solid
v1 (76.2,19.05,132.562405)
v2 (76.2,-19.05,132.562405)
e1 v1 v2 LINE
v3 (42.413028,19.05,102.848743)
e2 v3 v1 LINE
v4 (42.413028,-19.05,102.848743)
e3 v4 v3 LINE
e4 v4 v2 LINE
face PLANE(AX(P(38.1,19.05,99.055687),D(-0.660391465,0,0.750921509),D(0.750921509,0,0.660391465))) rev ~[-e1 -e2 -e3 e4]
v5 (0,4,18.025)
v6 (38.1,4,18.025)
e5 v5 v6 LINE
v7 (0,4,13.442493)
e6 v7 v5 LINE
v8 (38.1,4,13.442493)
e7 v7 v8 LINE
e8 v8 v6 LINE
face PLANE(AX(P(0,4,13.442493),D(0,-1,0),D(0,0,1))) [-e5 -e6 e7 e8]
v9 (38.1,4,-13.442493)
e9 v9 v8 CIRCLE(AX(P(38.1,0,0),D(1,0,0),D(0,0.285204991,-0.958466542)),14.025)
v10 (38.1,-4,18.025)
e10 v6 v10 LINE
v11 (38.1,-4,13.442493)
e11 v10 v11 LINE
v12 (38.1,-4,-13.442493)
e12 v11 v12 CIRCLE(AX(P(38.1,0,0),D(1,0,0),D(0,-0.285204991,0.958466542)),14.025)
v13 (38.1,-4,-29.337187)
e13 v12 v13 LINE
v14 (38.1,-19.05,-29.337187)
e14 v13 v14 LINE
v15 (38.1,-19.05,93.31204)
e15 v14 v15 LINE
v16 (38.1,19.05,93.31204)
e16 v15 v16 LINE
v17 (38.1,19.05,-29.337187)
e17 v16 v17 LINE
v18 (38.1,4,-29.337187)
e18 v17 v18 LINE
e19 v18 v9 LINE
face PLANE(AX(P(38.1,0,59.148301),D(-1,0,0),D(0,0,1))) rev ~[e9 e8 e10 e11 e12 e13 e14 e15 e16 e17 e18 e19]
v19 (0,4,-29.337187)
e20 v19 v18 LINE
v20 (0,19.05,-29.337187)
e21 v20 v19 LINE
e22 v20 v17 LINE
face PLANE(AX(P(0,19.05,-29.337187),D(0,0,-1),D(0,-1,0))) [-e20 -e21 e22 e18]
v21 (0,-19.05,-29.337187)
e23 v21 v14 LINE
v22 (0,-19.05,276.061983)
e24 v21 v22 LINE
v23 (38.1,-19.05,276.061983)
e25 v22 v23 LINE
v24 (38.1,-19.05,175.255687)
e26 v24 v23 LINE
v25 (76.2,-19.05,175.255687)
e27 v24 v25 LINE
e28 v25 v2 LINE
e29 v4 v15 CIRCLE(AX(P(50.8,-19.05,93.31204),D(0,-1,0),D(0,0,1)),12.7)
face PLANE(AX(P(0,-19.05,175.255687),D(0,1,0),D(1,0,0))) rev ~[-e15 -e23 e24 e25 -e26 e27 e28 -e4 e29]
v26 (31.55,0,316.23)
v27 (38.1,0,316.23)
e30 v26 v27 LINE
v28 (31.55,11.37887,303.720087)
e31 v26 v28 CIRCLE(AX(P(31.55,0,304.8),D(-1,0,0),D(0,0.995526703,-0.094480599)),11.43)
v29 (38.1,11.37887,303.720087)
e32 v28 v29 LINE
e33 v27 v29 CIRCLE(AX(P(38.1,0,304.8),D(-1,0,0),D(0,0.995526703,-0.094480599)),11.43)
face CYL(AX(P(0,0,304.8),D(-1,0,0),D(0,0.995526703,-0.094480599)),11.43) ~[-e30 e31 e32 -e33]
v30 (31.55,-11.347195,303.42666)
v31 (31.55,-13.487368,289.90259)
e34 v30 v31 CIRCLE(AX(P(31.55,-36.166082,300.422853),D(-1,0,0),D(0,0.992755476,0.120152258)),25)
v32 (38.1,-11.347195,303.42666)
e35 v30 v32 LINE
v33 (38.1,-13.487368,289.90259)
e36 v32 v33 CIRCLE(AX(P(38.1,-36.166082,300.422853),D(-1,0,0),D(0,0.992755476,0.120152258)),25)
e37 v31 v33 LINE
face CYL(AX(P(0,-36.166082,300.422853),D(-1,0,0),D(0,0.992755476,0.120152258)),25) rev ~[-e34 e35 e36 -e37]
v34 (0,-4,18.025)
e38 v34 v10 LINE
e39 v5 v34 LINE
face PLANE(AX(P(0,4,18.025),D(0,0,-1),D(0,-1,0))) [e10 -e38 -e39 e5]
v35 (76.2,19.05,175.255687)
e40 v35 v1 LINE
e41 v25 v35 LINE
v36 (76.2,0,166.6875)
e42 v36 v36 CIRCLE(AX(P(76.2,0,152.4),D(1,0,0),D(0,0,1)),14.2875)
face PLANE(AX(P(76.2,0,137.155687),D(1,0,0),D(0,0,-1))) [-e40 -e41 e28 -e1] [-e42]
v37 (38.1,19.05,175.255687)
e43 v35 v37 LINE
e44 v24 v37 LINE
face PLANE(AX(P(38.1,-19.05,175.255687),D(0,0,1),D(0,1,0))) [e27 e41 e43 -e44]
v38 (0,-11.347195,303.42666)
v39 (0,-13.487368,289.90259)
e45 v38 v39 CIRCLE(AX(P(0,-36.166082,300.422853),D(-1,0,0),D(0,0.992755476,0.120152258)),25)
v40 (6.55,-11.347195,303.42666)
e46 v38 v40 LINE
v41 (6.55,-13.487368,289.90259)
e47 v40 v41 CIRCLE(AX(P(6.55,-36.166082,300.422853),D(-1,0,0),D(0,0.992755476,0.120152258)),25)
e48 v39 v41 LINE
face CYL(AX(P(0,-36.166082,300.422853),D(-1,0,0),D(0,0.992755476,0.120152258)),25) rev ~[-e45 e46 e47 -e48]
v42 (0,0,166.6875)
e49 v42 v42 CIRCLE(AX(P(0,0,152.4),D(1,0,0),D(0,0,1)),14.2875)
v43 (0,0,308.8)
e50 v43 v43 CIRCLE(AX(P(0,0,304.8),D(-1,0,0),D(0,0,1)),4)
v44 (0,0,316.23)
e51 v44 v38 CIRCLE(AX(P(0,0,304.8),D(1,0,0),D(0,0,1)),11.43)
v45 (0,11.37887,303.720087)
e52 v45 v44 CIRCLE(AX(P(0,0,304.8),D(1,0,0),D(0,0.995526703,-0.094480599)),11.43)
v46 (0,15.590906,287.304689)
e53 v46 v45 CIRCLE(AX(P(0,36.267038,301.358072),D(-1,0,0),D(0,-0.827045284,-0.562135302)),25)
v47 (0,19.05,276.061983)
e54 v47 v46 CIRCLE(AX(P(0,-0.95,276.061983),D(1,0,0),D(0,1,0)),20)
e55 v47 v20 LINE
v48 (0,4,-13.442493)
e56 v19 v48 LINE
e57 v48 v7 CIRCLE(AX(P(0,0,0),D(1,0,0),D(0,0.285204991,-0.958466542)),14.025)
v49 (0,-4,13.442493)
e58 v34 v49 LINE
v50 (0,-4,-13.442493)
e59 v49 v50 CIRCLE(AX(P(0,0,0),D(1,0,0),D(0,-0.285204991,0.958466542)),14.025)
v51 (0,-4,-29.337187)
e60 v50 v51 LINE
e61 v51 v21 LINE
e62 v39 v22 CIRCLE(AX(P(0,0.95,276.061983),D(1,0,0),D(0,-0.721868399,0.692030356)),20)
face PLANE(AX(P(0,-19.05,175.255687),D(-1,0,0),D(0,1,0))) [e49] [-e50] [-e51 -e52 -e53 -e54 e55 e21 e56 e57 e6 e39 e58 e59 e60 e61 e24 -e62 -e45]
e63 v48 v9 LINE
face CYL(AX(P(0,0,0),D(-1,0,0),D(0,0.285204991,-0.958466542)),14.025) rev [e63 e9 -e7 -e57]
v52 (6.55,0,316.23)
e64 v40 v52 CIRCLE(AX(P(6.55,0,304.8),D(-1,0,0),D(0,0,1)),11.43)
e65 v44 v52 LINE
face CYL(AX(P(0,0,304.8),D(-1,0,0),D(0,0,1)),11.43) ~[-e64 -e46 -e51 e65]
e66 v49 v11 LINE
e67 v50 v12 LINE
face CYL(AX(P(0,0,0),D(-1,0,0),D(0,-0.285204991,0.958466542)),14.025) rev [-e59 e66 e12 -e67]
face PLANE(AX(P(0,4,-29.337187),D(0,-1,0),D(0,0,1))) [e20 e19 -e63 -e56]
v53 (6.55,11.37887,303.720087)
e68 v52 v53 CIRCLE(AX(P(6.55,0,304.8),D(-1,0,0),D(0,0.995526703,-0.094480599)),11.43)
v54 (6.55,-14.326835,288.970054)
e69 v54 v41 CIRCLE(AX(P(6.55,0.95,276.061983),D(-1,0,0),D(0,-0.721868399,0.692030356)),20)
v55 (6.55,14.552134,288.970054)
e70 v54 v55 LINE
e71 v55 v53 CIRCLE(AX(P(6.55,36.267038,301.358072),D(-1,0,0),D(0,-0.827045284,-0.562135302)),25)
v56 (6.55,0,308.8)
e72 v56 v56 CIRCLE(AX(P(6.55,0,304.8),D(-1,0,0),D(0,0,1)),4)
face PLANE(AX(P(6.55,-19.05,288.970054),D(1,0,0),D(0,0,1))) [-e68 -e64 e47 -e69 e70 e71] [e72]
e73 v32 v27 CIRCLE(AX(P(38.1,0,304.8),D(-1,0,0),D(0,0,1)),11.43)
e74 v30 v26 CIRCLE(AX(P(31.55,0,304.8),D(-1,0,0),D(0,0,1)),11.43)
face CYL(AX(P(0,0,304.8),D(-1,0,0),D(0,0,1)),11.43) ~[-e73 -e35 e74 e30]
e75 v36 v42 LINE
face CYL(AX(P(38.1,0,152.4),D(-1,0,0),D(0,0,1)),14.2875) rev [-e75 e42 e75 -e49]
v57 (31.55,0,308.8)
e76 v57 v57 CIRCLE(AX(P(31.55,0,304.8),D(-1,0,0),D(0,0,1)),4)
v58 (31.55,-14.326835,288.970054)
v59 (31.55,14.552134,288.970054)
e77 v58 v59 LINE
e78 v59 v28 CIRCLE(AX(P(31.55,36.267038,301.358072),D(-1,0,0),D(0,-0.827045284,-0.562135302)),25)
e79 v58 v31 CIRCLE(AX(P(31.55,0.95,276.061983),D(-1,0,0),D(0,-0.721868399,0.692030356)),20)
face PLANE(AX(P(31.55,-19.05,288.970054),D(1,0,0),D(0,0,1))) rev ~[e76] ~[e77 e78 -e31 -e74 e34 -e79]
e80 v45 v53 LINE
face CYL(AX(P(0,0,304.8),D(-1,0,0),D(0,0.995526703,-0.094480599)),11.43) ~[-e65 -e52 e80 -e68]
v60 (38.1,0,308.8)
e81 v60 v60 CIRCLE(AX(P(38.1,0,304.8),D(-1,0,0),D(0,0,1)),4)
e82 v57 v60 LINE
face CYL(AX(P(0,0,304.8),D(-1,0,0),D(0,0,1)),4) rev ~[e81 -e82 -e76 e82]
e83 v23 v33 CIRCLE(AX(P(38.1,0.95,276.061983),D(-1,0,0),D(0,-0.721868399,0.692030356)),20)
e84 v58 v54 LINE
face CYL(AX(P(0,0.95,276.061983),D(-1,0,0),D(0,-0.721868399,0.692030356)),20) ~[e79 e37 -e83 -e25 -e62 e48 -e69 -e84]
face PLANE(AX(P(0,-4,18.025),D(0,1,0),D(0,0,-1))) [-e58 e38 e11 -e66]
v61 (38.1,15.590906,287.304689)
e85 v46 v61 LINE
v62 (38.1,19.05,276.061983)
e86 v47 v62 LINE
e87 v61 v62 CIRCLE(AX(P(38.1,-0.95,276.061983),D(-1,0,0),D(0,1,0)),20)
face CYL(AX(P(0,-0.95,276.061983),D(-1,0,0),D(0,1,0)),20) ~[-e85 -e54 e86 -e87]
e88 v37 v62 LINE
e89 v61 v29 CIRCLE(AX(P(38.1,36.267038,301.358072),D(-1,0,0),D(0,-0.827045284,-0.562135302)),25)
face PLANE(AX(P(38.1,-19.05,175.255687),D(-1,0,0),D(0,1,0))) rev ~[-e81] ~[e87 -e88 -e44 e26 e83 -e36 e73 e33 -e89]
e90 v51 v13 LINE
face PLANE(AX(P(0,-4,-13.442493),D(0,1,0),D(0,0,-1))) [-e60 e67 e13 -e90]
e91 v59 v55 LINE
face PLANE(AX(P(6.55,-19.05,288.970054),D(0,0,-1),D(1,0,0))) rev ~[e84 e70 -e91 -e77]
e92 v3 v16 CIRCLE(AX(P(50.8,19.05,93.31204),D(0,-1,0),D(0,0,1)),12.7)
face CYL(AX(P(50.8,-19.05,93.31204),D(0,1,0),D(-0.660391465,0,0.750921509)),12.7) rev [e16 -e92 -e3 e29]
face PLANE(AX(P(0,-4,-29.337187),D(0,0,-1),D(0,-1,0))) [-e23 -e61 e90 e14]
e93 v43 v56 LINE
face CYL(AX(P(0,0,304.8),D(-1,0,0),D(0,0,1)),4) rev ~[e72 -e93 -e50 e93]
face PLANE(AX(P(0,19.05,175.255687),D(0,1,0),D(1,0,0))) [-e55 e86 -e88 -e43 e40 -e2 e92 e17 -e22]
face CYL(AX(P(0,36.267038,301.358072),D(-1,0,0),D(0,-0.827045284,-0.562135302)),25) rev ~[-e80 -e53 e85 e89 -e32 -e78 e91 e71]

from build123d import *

# Parameters (mm, degrees)
SKETCH1_R           = 14.2875
BOSS_EXTRUDE1_DEPTH = 38.1
SKETCH2_W           = 76.2
SKETCH2_H           = 38.1
SKETCH2_R           = 14.2875
BOSS_EXTRUDE2_DEPTH = 38.1
CUT_EXTRUDE1_DEPTH  = 38.1
FILLET1_R           = 12.7
SKETCH4_W           = 38.1
SKETCH4_H           = 38.1
BOSS_EXTRUDE3_DEPTH = 152.4
SKETCH5_R           = 4
CUT_EXTRUDE2_DEPTH  = 152.4
SKETCH6_W           = 25
SKETCH6_H           = 54.519891076
CUT_EXTRUDE3_DEPTH  = 152.4


with BuildPart() as part:
    # Sketch1 → Boss-Extrude1 (new body)
    with BuildSketch(Plane(origin=(0, 0, 0), x_dir=(0, 0, -1), z_dir=(1, 0, 0))):
        with BuildLine():
            Line((29.337186502, -19.05), (-175.255687154, -19.05))
            Line((-175.255687154, -19.05), (-175.255687154, 19.05))
            Line((-175.255687154, 19.05), (29.337186502, 19.05))
            Line((29.337186502, 19.05), (29.337186502, 4))
            Line((29.337186502, 4), (13.442493258, 4))
            ThreePointArc((13.442493258, 4), (0, 14.025), (-13.442493258, 4))
            Line((-13.442493258, 4), (-18.025, 4))
            Line((-18.025, 4), (-18.025, -4))
            Line((-18.025, -4), (-13.442493258, -4))
            ThreePointArc((-13.442493258, -4), (0, -14.025), (13.442493258, -4))
            Line((13.442493258, -4), (29.337186502, -4))
            Line((29.337186502, -4), (29.337186502, -19.05))
        make_face()
        with Locations(Location((-152.4, 0, 0), (0, 0, 180))):
            Circle(SKETCH1_R, mode=Mode.SUBTRACT)
    extrude(amount=BOSS_EXTRUDE1_DEPTH)

    # Sketch2 → Boss-Extrude2 (add)
    with BuildSketch(Plane(origin=(38.1, 0, 0), x_dir=(0, 0, -1), z_dir=(1, 0, 0))):
        with Locations((-137.155687154, 0)):
            Rectangle(SKETCH2_W, SKETCH2_H)
        with Locations(Location((-152.4, 0, 0), (0, 0, 180))):
            Circle(SKETCH2_R, mode=Mode.SUBTRACT)
    extrude(amount=BOSS_EXTRUDE2_DEPTH)

    # Sketch3 → Cut-Extrude1 (cut)
    with BuildSketch(Plane(origin=(0, 19.05, 0), x_dir=(1, 0, 0), z_dir=(0, 1, 0))):
        Polygon((38.1, -99.055687154), (76.2, -132.562404594), (94.277321555, -84.449227978), align=None)
    extrude(amount=-CUT_EXTRUDE1_DEPTH, mode=Mode.SUBTRACT)

    # Fillet1
    fillet1_edges = [part.edges().sort_by_distance(p)[0] for p in [
        (38.1, 0, 99.055687154),
    ]]
    fillet(fillet1_edges, radius=FILLET1_R)

    # Sketch4 → Boss-Extrude3 (add)
    with BuildSketch(Plane.XY.offset(175.255687154)):
        with Locations((19.05, 0)):
            Rectangle(SKETCH4_W, SKETCH4_H)
    extrude(amount=BOSS_EXTRUDE3_DEPTH)

    # Sketch5 → Cut-Extrude2 (cut)
    with BuildSketch(Plane.ZY):
        Polygon((276.061983206, 26.741787919), (276.061983206, 19.05), (327.655687154, 19.05), (327.655687154, -19.05), (276.061983206, -19.05), (276.061983206, -31.426856949), (335.038222157, -31.426856949), (335.038222157, 26.741787919), align=None)
        with BuildLine():
            Line((327.655687154, 19.05), (276.061983206, 19.05))
            ThreePointArc((276.061983206, 19.05), (281.943389767, 18.165675684), (287.304689246, 15.590905686))
            ThreePointArc((287.304689246, 15.590905686), (295.144592117, 12.051491747), (303.720086759, 11.378870216))
            ThreePointArc((303.720086759, 11.378870216), (312.490952205, 8.455421585), (316.23, 0))
            ThreePointArc((316.23, 0), (312.381148337, -8.554010165), (303.426659685, -11.347195089))
            ThreePointArc((303.426659685, -11.347195089), (296.515249828, -11.473357637), (289.902590337, -13.487367982))
            ThreePointArc((289.902590337, -13.487367982), (283.520288655, -17.607307989), (276.061983206, -19.05))
            Line((276.061983206, -19.05), (327.655687154, -19.05))
            Line((327.655687154, -19.05), (327.655687154, 19.05))
        make_face()
        with Locations((304.8, 0)):
            Circle(SKETCH5_R)
    extrude(amount=-CUT_EXTRUDE2_DEPTH, mode=Mode.SUBTRACT)

    # Sketch6 → Cut-Extrude3 (cut)
    with BuildSketch(Plane.XZ.offset(19.05)):
        with Locations((19.05, 316.23)):
            Rectangle(SKETCH6_W, SKETCH6_H)
    extrude(amount=-CUT_EXTRUDE3_DEPTH, mode=Mode.SUBTRACT)


solid = part.part
